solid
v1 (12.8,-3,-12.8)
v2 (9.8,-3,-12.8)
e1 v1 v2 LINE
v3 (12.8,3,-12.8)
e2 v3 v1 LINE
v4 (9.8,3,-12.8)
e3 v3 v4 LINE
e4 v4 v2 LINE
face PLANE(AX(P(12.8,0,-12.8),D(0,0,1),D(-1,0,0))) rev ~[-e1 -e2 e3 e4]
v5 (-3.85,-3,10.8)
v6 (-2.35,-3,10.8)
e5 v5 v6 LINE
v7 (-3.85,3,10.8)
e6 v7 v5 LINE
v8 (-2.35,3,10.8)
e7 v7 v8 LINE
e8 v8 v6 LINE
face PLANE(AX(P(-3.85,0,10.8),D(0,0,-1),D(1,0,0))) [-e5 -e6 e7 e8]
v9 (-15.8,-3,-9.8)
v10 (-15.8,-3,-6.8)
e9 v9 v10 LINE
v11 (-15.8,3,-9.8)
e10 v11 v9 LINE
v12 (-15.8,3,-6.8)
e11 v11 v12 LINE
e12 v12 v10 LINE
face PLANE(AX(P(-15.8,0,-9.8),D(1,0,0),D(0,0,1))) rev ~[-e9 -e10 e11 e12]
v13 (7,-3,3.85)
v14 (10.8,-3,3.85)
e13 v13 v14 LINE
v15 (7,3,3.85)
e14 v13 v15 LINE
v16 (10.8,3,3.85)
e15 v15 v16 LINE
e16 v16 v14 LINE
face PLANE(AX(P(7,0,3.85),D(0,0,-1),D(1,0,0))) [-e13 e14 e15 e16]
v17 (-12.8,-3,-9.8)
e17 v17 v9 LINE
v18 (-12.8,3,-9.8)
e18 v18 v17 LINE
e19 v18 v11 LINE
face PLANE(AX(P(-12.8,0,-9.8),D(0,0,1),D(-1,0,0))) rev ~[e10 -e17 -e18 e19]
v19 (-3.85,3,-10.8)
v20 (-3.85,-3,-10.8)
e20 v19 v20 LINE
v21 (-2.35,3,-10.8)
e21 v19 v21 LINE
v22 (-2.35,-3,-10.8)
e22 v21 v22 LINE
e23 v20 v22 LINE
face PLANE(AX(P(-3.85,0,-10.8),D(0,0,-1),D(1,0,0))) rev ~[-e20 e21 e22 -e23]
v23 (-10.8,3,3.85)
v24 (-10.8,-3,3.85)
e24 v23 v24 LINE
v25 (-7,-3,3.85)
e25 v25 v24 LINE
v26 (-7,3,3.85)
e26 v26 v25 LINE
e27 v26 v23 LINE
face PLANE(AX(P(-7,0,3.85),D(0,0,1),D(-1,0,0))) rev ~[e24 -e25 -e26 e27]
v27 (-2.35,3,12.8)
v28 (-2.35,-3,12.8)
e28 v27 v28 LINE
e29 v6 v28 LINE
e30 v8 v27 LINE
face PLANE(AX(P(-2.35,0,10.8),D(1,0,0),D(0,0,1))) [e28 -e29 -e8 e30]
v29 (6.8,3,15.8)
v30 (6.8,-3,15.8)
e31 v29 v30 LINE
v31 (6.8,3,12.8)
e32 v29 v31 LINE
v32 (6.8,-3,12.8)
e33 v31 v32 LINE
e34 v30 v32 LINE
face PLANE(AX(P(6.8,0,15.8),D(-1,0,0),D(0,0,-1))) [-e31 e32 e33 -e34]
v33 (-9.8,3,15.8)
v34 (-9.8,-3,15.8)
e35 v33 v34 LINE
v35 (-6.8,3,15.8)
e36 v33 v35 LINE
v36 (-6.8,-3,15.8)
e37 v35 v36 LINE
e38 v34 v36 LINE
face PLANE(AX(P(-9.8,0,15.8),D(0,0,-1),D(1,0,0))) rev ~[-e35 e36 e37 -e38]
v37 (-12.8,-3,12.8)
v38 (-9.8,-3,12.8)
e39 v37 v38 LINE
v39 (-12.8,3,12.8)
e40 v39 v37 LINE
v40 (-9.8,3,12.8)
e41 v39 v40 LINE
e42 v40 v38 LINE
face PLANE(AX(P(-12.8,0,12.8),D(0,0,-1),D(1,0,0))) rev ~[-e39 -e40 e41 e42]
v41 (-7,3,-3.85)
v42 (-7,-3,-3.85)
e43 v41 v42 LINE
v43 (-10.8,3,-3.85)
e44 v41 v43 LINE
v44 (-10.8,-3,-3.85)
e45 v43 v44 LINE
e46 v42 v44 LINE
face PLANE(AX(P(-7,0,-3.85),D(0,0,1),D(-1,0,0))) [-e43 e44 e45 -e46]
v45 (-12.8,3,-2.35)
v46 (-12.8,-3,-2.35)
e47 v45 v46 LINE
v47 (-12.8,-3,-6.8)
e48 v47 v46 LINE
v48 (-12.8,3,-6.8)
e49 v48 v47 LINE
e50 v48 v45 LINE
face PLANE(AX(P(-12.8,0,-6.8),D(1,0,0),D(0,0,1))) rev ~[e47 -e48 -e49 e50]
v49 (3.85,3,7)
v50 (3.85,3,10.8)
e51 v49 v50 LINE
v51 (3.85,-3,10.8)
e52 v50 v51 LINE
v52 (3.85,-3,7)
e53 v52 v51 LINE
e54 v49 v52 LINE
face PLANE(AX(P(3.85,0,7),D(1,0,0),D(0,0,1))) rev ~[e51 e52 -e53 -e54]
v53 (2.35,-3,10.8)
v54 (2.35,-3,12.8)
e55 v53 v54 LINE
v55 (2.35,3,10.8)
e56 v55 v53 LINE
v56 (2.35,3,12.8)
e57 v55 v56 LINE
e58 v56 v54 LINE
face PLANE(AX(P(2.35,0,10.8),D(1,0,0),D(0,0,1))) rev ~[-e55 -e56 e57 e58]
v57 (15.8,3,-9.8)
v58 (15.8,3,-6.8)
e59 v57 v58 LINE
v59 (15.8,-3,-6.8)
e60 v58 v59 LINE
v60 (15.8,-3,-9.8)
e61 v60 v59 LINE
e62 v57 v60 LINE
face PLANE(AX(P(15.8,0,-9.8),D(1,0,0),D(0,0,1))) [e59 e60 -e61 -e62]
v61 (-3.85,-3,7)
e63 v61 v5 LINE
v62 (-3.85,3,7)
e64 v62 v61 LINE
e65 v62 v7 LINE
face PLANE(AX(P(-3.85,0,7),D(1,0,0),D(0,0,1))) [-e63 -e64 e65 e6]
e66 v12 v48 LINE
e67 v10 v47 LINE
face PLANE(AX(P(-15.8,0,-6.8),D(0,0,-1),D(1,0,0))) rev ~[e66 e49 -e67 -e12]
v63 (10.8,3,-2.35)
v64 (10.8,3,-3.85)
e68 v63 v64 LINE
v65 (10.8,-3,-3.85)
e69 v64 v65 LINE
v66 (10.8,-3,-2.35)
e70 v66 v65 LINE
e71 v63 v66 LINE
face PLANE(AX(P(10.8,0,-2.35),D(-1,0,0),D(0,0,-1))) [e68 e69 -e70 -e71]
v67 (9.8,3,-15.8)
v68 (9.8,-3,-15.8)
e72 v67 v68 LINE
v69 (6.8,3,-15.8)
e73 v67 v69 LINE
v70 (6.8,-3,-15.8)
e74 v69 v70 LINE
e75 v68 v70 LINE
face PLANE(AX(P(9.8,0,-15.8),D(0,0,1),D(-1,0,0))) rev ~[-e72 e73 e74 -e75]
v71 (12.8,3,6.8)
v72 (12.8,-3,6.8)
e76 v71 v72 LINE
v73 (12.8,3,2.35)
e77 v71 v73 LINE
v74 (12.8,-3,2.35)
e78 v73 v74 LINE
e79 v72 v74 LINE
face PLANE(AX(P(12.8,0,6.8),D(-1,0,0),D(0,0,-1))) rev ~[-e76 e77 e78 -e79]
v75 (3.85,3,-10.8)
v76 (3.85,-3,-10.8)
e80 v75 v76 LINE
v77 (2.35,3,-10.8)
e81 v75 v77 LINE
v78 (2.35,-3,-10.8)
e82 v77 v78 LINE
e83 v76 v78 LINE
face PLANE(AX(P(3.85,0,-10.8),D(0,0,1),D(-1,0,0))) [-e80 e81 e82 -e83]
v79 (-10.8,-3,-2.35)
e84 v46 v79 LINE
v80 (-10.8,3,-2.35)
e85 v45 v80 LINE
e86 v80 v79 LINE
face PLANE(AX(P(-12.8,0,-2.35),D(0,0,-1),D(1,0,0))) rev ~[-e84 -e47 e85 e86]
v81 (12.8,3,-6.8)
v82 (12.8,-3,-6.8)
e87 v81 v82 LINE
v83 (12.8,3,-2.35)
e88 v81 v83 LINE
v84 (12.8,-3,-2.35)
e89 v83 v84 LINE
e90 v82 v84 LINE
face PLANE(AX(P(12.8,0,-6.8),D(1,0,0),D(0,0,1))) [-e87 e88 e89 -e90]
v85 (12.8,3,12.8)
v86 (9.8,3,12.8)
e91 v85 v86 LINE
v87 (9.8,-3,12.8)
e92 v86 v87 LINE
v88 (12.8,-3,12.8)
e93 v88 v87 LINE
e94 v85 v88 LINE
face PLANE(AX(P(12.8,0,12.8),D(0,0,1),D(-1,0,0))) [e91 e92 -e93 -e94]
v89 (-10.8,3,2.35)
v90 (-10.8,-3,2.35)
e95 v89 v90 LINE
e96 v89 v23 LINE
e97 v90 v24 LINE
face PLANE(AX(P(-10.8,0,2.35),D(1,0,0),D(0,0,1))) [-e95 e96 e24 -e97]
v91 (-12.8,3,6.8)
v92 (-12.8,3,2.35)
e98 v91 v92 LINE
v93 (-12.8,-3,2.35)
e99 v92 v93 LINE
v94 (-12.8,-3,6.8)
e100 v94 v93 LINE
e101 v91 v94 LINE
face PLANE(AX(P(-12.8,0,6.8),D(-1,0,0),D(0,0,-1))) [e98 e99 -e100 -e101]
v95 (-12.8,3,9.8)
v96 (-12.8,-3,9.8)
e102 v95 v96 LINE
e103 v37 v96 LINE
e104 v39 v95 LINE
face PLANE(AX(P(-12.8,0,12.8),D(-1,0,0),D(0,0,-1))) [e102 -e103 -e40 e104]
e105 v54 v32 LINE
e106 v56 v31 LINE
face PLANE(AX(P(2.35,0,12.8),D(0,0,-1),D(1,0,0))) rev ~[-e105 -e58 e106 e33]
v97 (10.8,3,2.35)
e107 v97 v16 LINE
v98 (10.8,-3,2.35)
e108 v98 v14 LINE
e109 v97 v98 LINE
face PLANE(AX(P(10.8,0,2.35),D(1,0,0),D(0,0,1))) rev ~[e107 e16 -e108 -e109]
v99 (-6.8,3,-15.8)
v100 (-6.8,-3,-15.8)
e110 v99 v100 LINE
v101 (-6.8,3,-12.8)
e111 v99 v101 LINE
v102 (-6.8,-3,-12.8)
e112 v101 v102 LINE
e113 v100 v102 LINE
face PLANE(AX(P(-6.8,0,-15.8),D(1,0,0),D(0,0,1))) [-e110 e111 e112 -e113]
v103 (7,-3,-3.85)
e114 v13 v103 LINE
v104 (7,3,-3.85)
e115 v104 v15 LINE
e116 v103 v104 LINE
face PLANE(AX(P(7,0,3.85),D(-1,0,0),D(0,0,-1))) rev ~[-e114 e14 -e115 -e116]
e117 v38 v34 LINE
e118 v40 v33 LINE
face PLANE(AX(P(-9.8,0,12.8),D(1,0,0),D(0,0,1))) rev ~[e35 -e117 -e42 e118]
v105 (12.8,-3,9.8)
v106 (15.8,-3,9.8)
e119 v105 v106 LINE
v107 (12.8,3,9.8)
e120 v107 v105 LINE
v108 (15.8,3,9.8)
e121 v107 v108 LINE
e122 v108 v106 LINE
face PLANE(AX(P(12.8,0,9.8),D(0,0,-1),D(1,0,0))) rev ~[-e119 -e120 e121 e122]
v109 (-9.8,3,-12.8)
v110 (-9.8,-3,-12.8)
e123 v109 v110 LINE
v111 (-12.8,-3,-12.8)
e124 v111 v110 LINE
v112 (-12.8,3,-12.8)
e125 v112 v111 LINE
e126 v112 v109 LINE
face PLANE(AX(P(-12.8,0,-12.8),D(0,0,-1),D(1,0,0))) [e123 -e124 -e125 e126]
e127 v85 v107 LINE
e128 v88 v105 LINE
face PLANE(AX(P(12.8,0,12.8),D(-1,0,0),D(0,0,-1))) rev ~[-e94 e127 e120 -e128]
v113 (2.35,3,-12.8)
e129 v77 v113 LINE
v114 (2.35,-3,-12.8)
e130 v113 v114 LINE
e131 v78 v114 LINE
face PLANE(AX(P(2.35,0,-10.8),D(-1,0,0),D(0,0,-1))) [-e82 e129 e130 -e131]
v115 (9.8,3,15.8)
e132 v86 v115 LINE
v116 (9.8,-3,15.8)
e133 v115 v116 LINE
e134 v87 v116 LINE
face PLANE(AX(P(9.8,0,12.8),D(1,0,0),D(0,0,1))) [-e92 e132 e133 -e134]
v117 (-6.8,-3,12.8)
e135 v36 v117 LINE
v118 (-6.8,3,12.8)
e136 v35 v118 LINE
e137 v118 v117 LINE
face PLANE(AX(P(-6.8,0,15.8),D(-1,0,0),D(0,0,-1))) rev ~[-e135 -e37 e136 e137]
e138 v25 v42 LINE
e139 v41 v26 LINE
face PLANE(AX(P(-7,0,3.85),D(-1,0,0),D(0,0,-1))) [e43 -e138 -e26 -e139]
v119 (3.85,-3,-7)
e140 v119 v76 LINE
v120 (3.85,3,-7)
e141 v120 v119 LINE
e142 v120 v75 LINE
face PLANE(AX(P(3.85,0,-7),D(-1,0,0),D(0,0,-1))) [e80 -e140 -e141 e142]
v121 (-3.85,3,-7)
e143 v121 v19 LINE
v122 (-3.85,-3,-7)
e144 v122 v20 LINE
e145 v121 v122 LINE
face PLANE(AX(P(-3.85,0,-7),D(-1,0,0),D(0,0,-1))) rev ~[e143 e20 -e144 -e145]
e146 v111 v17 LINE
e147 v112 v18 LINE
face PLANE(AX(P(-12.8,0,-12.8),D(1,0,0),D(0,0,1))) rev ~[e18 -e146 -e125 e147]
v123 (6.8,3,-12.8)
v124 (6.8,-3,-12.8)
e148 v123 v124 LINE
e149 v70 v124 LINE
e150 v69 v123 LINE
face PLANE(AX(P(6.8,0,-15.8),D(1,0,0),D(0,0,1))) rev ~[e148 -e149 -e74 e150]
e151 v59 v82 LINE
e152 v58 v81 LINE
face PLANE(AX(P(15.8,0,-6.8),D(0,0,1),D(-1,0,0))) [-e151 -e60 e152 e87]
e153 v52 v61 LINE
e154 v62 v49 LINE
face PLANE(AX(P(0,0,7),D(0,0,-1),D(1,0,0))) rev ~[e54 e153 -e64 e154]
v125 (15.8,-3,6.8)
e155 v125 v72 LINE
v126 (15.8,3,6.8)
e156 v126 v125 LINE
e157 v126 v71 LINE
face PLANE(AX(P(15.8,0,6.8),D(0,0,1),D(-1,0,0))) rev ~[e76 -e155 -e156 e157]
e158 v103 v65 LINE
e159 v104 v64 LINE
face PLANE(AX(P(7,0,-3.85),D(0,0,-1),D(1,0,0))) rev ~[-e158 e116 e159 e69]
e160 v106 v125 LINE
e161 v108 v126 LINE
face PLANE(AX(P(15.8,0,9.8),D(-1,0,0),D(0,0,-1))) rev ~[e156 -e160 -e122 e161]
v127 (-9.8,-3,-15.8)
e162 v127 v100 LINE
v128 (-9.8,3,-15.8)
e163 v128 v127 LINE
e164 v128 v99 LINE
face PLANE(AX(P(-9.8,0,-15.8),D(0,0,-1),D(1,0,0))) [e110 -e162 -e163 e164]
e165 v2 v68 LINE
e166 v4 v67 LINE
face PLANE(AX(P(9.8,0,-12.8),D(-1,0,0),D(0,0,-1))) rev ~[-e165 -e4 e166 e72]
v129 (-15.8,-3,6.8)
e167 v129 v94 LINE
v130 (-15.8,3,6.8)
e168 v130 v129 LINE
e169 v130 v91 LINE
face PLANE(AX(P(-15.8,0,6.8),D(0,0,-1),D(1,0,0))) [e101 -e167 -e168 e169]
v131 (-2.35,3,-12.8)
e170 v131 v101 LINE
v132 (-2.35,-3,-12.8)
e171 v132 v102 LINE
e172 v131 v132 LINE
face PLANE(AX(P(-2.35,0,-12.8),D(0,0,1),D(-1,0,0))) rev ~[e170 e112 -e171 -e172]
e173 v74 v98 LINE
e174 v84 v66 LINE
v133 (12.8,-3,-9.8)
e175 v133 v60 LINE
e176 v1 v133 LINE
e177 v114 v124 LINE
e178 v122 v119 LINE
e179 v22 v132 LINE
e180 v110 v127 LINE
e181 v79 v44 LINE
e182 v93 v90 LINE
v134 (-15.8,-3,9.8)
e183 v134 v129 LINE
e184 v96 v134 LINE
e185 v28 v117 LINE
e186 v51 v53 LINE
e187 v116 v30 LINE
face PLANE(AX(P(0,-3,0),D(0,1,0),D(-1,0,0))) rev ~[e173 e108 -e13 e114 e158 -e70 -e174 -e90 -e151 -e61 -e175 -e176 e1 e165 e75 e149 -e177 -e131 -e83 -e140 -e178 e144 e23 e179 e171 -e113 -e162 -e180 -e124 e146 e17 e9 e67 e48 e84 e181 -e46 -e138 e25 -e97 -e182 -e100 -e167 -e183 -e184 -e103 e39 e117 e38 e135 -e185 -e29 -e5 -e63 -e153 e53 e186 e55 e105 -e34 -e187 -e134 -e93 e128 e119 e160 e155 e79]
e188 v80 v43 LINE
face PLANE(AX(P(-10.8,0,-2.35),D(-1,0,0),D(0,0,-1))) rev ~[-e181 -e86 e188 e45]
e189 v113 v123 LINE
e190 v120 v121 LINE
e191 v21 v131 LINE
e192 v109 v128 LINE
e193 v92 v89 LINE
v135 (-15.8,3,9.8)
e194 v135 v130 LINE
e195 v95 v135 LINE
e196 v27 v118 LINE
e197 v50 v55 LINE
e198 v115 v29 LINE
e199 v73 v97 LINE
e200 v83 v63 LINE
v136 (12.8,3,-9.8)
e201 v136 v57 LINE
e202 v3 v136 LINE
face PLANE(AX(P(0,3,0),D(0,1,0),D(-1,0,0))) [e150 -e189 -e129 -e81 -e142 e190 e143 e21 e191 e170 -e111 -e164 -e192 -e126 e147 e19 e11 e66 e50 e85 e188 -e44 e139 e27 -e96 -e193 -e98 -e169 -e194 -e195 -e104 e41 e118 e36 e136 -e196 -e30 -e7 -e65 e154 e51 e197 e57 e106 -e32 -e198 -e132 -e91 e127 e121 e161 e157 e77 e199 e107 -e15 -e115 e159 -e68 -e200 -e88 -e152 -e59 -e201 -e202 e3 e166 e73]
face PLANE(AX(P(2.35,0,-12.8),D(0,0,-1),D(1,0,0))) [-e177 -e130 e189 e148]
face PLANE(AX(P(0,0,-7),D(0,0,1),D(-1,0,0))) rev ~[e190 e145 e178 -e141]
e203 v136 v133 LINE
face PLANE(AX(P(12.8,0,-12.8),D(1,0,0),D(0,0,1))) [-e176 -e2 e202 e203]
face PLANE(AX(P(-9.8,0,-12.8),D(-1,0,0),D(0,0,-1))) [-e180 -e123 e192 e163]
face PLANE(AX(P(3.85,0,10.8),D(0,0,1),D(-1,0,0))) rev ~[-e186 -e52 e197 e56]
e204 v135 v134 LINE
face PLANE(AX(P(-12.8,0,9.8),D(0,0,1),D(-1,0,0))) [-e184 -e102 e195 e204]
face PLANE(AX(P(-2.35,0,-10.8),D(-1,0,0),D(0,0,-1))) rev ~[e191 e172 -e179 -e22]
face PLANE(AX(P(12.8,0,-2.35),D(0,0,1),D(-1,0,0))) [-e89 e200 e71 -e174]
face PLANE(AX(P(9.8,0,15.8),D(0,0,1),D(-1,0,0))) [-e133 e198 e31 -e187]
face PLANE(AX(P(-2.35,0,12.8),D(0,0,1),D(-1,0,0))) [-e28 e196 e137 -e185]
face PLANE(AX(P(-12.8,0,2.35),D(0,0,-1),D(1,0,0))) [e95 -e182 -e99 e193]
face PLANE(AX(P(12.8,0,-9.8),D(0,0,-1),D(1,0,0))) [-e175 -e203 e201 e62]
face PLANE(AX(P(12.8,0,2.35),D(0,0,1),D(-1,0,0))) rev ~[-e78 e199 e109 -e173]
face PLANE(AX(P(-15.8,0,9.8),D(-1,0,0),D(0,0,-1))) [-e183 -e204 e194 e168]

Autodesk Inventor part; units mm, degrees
ref_plane "YZ Plane" through (0, 0, 0) normal (1, 0, 0) x (0, 1, 0)
ref_plane "XZ Plane" through (0, 0, 0) normal (0, 1, 0) x (-1, 0, 0)
ref_plane "XY Plane" through (0, 0, 0) normal (0, 0, 1) x (1, 0, 0)
sketch "Sketch2" plane through (0, 0, 0) normal (0, 1, 0) x (-1, 0, 0)
  line L0 (-7, 3.85) -> (-10.8, 3.85)
  line L1 (-12.8, 12.8) -> (-12.8, 9.8)
  line L2 (-10.8, 2.35) -> (-10.8, 3.85)
  line L3 (0, 0) -> (0, 7) construction
  line L4 (-12.8, 2.35) -> (-10.8, 2.35)
  line L5 (-7, 3.85) -> (-7, 0)
  line L6 (-7, 0) -> (0, 0) construction
  line L7 (-12.8, 9.8) -> (-15.8, 9.8)
  line L8 (-15.8, 9.8) -> (-15.8, 6.8)
  line L9 (-15.8, 6.8) -> (-12.8, 6.8)
  line L10 (-12.8, 6.8) -> (-12.8, 2.35)
  line L11 (-12.8, 12.8) -> (-9.8, 12.8)
  line L12 (-9.8, 12.8) -> (-9.8, 15.8)
  line L13 (-9.8, 15.8) -> (-6.8, 15.8)
  line L14 (-6.8, 15.8) -> (-6.8, 12.8)
  line L15 (0, 7) -> (-3.85, 7)
  line L16 (-3.85, 7) -> (-3.85, 10.8)
  line L17 (-3.85, 10.8) -> (-2.35, 10.8)
  line L18 (-2.35, 10.8) -> (-2.35, 12.8)
  line L19 (-2.35, 12.8) -> (-6.8, 12.8)
  line L20 (-7, -3.85) -> (-10.8, -3.85)
  line L21 (-12.8, -12.8) -> (-12.8, -9.8)
  line L22 (-10.8, -2.35) -> (-10.8, -3.85)
  line L23 (0, 0) -> (0, -7) construction
  line L24 (-12.8, -2.35) -> (-10.8, -2.35)
  line L25 (-7, -3.85) -> (-7, 0)
  line L26 (-12.8, -9.8) -> (-15.8, -9.8)
  line L27 (-15.8, -9.8) -> (-15.8, -6.8)
  line L28 (-15.8, -6.8) -> (-12.8, -6.8)
  line L29 (-12.8, -6.8) -> (-12.8, -2.35)
  line L30 (-12.8, -12.8) -> (-9.8, -12.8)
  line L31 (-9.8, -12.8) -> (-9.8, -15.8)
  line L32 (-9.8, -15.8) -> (-6.8, -15.8)
  line L33 (-6.8, -15.8) -> (-6.8, -12.8)
  line L34 (0, -7) -> (-3.85, -7)
  line L35 (-3.85, -7) -> (-3.85, -10.8)
  line L36 (-3.85, -10.8) -> (-2.35, -10.8)
  line L37 (-2.35, -10.8) -> (-2.35, -12.8)
  line L38 (-2.35, -12.8) -> (-6.8, -12.8)
  line L39 (7, 3.85) -> (10.8, 3.85)
  line L40 (12.8, 12.8) -> (12.8, 9.8)
  line L41 (10.8, 2.35) -> (10.8, 3.85)
  line L42 (12.8, 2.35) -> (10.8, 2.35)
  line L43 (7, 3.85) -> (7, 0)
  line L44 (7, 0) -> (0, 0) construction
  line L45 (12.8, 9.8) -> (15.8, 9.8)
  line L46 (15.8, 9.8) -> (15.8, 6.8)
  line L47 (15.8, 6.8) -> (12.8, 6.8)
  line L48 (12.8, 6.8) -> (12.8, 2.35)
  line L49 (12.8, 12.8) -> (9.8, 12.8)
  line L50 (9.8, 12.8) -> (9.8, 15.8)
  line L51 (9.8, 15.8) -> (6.8, 15.8)
  line L52 (6.8, 15.8) -> (6.8, 12.8)
  line L53 (0, 7) -> (3.85, 7)
  line L54 (3.85, 7) -> (3.85, 10.8)
  line L55 (3.85, 10.8) -> (2.35, 10.8)
  line L56 (2.35, 10.8) -> (2.35, 12.8)
  line L57 (2.35, 12.8) -> (6.8, 12.8)
  line L58 (7, -3.85) -> (10.8, -3.85)
  line L59 (3.85, -7) -> (3.85, -10.8)
  line L60 (2.35, -10.8) -> (2.35, -12.8)
  line L61 (3.85, -10.8) -> (2.35, -10.8)
  line L62 (7, -3.85) -> (7, 0)
  line L63 (0, -7) -> (3.85, -7)
  line L64 (2.35, -12.8) -> (6.8, -12.8)
  line L65 (9.8, -15.8) -> (6.8, -15.8)
  line L66 (6.8, -15.8) -> (6.8, -12.8)
  line L67 (9.8, -12.8) -> (9.8, -15.8)
  line L68 (12.8, -12.8) -> (9.8, -12.8)
  line L69 (12.8, -12.8) -> (12.8, -9.8)
  line L70 (10.8, -2.35) -> (10.8, -3.85)
  line L71 (12.8, -2.35) -> (10.8, -2.35)
  line L72 (12.8, -6.8) -> (12.8, -2.35)
  line L73 (12.8, -9.8) -> (15.8, -9.8)
  line L74 (15.8, -9.8) -> (15.8, -6.8)
  line L75 (15.8, -6.8) -> (12.8, -6.8)
  dimension "d4" = 2
  dimension "d8" = 3
  dimension "d9" = 3
  dimension "d11" = 3.8
  dimension "d13" = 3
  dimension "d14" = 3
  dimension "d15" = 3
  dimension "d16" = 3.85
  dimension "d17" = 3.85
  dimension "d18" = 3.8
  dimension "d20" = 2
  dimension "d22" = 3
  dimension "d23" = 3
  dimension "d27" = 2.35
  dimension "d28" = 2.35
  dimension "d29" = 7
  dimension "d30" = 7
extrude "Extrusion1" add sketch "Sketch2" along normal mid plane 6
properties part number "plunger_handle_center"
